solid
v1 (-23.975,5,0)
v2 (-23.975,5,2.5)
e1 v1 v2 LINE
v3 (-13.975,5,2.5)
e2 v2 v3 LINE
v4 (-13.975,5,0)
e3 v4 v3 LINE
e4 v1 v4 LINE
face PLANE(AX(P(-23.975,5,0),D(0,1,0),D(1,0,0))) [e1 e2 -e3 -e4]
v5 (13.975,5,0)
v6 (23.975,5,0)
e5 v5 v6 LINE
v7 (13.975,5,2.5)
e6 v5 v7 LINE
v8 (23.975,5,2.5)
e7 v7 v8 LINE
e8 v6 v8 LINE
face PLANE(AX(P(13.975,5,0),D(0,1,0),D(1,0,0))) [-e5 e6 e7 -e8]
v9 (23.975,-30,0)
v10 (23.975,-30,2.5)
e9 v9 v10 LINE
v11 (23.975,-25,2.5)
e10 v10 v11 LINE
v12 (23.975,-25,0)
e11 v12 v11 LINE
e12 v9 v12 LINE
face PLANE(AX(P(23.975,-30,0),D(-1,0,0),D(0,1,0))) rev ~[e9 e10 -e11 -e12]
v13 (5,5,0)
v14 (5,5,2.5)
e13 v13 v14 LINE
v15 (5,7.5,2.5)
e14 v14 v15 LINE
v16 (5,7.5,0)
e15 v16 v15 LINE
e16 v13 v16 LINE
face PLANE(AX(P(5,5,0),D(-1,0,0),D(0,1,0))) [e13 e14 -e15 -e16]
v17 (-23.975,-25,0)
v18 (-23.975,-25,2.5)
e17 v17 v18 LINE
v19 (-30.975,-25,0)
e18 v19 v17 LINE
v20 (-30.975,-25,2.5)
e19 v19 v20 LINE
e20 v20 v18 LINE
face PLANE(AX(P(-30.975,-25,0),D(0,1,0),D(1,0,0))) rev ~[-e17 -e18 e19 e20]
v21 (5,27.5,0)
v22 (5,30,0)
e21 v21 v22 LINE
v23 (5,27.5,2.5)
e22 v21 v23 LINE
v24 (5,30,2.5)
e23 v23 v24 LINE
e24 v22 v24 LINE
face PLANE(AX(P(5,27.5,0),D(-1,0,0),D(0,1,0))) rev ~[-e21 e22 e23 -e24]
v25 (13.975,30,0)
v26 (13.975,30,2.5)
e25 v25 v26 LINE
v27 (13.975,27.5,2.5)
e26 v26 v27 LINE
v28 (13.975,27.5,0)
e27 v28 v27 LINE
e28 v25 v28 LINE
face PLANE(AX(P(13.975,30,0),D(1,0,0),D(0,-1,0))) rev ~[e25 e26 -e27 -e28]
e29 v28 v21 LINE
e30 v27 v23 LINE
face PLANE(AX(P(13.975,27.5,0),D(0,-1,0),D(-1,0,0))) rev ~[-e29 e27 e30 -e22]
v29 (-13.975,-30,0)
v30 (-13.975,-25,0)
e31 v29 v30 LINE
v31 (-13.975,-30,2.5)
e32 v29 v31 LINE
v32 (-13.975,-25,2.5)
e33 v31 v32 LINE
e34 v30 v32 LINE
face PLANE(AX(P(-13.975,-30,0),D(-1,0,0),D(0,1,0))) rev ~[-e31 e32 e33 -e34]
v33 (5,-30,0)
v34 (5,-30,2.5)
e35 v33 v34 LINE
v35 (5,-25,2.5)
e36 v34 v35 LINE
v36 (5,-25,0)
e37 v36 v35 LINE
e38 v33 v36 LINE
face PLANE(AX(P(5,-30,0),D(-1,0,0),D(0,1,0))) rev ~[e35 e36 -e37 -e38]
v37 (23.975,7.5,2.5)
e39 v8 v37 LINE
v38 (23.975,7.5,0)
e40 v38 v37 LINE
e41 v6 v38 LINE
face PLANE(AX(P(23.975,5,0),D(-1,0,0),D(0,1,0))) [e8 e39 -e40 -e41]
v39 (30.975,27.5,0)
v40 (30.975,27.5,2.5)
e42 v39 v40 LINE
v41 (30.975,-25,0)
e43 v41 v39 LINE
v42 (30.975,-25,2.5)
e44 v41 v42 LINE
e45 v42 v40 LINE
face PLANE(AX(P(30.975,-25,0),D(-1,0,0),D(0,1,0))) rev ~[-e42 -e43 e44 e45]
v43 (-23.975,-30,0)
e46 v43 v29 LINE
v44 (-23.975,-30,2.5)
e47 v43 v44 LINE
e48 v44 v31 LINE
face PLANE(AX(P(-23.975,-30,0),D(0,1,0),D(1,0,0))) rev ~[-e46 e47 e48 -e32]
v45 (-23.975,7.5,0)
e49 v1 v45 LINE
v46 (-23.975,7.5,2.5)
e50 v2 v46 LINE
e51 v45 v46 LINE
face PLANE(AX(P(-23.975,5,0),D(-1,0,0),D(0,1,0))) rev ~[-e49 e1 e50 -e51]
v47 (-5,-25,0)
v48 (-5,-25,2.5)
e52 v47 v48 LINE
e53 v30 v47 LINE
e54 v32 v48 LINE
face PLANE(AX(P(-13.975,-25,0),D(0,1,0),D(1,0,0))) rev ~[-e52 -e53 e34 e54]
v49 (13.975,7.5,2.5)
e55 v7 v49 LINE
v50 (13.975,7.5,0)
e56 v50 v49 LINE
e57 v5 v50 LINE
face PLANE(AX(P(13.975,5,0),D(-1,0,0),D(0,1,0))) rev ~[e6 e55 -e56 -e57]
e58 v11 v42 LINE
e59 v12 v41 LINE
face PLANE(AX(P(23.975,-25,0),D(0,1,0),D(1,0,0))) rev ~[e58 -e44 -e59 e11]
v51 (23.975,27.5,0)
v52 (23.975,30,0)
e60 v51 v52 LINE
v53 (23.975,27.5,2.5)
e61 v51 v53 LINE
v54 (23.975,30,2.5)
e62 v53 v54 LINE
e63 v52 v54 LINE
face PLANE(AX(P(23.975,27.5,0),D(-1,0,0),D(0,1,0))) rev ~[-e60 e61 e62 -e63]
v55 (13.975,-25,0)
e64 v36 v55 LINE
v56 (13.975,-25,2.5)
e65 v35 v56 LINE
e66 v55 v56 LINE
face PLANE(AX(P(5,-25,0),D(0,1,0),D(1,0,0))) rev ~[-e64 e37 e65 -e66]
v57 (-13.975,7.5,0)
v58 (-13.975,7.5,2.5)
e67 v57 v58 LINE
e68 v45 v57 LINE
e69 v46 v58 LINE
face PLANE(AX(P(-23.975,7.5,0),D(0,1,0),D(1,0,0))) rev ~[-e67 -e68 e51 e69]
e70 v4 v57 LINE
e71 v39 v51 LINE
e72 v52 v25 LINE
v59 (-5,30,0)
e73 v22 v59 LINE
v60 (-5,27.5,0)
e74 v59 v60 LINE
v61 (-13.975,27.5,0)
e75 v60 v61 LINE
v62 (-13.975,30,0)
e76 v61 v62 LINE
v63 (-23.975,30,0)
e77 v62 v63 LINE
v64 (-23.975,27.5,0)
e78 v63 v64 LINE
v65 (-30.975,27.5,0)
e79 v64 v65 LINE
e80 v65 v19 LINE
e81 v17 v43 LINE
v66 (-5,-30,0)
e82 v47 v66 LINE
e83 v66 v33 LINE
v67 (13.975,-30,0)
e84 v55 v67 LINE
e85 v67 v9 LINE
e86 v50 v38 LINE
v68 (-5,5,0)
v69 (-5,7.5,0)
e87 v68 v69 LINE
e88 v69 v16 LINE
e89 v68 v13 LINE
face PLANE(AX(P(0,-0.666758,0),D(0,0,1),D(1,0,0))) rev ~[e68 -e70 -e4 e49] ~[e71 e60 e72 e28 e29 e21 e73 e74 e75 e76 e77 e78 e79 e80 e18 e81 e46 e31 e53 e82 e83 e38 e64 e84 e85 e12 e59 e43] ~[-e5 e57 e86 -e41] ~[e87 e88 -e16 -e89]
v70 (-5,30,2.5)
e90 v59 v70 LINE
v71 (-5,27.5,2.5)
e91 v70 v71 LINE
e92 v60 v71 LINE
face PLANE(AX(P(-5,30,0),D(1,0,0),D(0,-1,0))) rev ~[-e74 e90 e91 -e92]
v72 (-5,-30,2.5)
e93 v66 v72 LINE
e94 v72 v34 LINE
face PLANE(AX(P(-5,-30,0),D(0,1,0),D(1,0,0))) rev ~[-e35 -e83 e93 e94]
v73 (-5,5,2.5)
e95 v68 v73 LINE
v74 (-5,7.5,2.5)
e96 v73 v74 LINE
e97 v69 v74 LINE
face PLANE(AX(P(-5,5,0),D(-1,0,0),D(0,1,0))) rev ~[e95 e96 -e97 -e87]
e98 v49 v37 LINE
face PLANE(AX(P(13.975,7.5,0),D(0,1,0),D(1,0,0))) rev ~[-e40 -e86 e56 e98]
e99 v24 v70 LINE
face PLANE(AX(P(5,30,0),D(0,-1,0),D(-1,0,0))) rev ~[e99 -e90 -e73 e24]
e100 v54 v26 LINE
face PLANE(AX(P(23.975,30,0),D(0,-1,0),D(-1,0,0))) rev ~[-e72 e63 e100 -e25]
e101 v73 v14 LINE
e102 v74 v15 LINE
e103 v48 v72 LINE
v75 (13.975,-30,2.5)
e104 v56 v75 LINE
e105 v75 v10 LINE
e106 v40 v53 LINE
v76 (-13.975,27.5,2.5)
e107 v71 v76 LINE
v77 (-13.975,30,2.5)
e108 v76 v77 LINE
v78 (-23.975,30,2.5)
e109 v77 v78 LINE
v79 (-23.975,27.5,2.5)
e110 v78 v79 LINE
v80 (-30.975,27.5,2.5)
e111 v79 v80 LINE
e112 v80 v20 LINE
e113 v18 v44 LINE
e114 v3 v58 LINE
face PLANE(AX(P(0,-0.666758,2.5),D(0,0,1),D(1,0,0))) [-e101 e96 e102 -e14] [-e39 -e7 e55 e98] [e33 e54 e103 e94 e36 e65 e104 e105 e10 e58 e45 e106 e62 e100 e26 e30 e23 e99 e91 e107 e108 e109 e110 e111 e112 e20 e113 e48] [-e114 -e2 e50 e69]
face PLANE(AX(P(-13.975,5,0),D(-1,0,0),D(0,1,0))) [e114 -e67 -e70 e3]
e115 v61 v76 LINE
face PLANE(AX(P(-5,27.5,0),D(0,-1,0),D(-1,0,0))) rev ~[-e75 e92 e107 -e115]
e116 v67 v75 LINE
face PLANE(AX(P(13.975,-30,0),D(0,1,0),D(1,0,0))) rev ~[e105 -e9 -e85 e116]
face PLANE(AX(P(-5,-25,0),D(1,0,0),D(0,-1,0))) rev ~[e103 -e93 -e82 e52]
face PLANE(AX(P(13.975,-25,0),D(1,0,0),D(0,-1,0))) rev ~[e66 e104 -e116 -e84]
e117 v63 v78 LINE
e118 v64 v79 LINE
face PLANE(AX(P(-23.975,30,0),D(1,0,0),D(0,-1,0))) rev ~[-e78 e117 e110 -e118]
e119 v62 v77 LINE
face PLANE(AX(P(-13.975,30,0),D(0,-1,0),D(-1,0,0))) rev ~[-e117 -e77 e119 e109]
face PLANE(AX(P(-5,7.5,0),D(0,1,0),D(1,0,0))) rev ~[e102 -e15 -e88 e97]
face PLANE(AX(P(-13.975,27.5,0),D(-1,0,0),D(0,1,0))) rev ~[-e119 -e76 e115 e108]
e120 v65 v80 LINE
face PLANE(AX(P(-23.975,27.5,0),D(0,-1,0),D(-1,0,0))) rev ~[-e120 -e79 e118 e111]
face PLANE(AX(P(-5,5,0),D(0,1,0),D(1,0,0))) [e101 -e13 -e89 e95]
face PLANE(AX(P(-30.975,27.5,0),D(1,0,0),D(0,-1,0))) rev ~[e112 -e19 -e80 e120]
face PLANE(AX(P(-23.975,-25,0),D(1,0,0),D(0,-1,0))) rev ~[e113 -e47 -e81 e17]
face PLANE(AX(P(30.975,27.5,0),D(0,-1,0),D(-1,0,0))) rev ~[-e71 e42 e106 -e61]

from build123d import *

# Parameters (mm, degrees)
SKETCH1_W           = 10
SKETCH1_H           = 2.5
BOSS_EXTRUDE1_DEPTH = 2.5


with BuildPart() as part:
    # Sketch1 → Boss-Extrude1 (new body)
    with BuildSketch(Plane.XY):
        Polygon((-23.975, 30), (-23.975, 27.5), (-30.975, 27.5), (-30.975, -25), (-23.975, -25), (-23.975, -30), (-13.975, -30), (-13.975, -25), (-5, -25), (-5, -30), (5, -30), (5, -25), (13.975, -25), (13.975, -30), (23.975, -30), (23.975, -25), (30.975, -25), (30.975, 27.5), (23.975, 27.5), (23.975, 30), (13.975, 30), (13.975, 27.5), (5, 27.5), (5, 30), (-5, 30), (-5, 27.5), (-13.975, 27.5), (-13.975, 30), align=None)
        with Locations((0, 6.25)):
            Rectangle(SKETCH1_W, SKETCH1_H, mode=Mode.SUBTRACT)
        with Locations((18.975, 6.25)):
            Rectangle(SKETCH1_W, SKETCH1_H, mode=Mode.SUBTRACT)
        with Locations((-18.975, 6.25)):
            Rectangle(SKETCH1_W, SKETCH1_H, mode=Mode.SUBTRACT)
    extrude(amount=BOSS_EXTRUDE1_DEPTH)


solid = part.part
